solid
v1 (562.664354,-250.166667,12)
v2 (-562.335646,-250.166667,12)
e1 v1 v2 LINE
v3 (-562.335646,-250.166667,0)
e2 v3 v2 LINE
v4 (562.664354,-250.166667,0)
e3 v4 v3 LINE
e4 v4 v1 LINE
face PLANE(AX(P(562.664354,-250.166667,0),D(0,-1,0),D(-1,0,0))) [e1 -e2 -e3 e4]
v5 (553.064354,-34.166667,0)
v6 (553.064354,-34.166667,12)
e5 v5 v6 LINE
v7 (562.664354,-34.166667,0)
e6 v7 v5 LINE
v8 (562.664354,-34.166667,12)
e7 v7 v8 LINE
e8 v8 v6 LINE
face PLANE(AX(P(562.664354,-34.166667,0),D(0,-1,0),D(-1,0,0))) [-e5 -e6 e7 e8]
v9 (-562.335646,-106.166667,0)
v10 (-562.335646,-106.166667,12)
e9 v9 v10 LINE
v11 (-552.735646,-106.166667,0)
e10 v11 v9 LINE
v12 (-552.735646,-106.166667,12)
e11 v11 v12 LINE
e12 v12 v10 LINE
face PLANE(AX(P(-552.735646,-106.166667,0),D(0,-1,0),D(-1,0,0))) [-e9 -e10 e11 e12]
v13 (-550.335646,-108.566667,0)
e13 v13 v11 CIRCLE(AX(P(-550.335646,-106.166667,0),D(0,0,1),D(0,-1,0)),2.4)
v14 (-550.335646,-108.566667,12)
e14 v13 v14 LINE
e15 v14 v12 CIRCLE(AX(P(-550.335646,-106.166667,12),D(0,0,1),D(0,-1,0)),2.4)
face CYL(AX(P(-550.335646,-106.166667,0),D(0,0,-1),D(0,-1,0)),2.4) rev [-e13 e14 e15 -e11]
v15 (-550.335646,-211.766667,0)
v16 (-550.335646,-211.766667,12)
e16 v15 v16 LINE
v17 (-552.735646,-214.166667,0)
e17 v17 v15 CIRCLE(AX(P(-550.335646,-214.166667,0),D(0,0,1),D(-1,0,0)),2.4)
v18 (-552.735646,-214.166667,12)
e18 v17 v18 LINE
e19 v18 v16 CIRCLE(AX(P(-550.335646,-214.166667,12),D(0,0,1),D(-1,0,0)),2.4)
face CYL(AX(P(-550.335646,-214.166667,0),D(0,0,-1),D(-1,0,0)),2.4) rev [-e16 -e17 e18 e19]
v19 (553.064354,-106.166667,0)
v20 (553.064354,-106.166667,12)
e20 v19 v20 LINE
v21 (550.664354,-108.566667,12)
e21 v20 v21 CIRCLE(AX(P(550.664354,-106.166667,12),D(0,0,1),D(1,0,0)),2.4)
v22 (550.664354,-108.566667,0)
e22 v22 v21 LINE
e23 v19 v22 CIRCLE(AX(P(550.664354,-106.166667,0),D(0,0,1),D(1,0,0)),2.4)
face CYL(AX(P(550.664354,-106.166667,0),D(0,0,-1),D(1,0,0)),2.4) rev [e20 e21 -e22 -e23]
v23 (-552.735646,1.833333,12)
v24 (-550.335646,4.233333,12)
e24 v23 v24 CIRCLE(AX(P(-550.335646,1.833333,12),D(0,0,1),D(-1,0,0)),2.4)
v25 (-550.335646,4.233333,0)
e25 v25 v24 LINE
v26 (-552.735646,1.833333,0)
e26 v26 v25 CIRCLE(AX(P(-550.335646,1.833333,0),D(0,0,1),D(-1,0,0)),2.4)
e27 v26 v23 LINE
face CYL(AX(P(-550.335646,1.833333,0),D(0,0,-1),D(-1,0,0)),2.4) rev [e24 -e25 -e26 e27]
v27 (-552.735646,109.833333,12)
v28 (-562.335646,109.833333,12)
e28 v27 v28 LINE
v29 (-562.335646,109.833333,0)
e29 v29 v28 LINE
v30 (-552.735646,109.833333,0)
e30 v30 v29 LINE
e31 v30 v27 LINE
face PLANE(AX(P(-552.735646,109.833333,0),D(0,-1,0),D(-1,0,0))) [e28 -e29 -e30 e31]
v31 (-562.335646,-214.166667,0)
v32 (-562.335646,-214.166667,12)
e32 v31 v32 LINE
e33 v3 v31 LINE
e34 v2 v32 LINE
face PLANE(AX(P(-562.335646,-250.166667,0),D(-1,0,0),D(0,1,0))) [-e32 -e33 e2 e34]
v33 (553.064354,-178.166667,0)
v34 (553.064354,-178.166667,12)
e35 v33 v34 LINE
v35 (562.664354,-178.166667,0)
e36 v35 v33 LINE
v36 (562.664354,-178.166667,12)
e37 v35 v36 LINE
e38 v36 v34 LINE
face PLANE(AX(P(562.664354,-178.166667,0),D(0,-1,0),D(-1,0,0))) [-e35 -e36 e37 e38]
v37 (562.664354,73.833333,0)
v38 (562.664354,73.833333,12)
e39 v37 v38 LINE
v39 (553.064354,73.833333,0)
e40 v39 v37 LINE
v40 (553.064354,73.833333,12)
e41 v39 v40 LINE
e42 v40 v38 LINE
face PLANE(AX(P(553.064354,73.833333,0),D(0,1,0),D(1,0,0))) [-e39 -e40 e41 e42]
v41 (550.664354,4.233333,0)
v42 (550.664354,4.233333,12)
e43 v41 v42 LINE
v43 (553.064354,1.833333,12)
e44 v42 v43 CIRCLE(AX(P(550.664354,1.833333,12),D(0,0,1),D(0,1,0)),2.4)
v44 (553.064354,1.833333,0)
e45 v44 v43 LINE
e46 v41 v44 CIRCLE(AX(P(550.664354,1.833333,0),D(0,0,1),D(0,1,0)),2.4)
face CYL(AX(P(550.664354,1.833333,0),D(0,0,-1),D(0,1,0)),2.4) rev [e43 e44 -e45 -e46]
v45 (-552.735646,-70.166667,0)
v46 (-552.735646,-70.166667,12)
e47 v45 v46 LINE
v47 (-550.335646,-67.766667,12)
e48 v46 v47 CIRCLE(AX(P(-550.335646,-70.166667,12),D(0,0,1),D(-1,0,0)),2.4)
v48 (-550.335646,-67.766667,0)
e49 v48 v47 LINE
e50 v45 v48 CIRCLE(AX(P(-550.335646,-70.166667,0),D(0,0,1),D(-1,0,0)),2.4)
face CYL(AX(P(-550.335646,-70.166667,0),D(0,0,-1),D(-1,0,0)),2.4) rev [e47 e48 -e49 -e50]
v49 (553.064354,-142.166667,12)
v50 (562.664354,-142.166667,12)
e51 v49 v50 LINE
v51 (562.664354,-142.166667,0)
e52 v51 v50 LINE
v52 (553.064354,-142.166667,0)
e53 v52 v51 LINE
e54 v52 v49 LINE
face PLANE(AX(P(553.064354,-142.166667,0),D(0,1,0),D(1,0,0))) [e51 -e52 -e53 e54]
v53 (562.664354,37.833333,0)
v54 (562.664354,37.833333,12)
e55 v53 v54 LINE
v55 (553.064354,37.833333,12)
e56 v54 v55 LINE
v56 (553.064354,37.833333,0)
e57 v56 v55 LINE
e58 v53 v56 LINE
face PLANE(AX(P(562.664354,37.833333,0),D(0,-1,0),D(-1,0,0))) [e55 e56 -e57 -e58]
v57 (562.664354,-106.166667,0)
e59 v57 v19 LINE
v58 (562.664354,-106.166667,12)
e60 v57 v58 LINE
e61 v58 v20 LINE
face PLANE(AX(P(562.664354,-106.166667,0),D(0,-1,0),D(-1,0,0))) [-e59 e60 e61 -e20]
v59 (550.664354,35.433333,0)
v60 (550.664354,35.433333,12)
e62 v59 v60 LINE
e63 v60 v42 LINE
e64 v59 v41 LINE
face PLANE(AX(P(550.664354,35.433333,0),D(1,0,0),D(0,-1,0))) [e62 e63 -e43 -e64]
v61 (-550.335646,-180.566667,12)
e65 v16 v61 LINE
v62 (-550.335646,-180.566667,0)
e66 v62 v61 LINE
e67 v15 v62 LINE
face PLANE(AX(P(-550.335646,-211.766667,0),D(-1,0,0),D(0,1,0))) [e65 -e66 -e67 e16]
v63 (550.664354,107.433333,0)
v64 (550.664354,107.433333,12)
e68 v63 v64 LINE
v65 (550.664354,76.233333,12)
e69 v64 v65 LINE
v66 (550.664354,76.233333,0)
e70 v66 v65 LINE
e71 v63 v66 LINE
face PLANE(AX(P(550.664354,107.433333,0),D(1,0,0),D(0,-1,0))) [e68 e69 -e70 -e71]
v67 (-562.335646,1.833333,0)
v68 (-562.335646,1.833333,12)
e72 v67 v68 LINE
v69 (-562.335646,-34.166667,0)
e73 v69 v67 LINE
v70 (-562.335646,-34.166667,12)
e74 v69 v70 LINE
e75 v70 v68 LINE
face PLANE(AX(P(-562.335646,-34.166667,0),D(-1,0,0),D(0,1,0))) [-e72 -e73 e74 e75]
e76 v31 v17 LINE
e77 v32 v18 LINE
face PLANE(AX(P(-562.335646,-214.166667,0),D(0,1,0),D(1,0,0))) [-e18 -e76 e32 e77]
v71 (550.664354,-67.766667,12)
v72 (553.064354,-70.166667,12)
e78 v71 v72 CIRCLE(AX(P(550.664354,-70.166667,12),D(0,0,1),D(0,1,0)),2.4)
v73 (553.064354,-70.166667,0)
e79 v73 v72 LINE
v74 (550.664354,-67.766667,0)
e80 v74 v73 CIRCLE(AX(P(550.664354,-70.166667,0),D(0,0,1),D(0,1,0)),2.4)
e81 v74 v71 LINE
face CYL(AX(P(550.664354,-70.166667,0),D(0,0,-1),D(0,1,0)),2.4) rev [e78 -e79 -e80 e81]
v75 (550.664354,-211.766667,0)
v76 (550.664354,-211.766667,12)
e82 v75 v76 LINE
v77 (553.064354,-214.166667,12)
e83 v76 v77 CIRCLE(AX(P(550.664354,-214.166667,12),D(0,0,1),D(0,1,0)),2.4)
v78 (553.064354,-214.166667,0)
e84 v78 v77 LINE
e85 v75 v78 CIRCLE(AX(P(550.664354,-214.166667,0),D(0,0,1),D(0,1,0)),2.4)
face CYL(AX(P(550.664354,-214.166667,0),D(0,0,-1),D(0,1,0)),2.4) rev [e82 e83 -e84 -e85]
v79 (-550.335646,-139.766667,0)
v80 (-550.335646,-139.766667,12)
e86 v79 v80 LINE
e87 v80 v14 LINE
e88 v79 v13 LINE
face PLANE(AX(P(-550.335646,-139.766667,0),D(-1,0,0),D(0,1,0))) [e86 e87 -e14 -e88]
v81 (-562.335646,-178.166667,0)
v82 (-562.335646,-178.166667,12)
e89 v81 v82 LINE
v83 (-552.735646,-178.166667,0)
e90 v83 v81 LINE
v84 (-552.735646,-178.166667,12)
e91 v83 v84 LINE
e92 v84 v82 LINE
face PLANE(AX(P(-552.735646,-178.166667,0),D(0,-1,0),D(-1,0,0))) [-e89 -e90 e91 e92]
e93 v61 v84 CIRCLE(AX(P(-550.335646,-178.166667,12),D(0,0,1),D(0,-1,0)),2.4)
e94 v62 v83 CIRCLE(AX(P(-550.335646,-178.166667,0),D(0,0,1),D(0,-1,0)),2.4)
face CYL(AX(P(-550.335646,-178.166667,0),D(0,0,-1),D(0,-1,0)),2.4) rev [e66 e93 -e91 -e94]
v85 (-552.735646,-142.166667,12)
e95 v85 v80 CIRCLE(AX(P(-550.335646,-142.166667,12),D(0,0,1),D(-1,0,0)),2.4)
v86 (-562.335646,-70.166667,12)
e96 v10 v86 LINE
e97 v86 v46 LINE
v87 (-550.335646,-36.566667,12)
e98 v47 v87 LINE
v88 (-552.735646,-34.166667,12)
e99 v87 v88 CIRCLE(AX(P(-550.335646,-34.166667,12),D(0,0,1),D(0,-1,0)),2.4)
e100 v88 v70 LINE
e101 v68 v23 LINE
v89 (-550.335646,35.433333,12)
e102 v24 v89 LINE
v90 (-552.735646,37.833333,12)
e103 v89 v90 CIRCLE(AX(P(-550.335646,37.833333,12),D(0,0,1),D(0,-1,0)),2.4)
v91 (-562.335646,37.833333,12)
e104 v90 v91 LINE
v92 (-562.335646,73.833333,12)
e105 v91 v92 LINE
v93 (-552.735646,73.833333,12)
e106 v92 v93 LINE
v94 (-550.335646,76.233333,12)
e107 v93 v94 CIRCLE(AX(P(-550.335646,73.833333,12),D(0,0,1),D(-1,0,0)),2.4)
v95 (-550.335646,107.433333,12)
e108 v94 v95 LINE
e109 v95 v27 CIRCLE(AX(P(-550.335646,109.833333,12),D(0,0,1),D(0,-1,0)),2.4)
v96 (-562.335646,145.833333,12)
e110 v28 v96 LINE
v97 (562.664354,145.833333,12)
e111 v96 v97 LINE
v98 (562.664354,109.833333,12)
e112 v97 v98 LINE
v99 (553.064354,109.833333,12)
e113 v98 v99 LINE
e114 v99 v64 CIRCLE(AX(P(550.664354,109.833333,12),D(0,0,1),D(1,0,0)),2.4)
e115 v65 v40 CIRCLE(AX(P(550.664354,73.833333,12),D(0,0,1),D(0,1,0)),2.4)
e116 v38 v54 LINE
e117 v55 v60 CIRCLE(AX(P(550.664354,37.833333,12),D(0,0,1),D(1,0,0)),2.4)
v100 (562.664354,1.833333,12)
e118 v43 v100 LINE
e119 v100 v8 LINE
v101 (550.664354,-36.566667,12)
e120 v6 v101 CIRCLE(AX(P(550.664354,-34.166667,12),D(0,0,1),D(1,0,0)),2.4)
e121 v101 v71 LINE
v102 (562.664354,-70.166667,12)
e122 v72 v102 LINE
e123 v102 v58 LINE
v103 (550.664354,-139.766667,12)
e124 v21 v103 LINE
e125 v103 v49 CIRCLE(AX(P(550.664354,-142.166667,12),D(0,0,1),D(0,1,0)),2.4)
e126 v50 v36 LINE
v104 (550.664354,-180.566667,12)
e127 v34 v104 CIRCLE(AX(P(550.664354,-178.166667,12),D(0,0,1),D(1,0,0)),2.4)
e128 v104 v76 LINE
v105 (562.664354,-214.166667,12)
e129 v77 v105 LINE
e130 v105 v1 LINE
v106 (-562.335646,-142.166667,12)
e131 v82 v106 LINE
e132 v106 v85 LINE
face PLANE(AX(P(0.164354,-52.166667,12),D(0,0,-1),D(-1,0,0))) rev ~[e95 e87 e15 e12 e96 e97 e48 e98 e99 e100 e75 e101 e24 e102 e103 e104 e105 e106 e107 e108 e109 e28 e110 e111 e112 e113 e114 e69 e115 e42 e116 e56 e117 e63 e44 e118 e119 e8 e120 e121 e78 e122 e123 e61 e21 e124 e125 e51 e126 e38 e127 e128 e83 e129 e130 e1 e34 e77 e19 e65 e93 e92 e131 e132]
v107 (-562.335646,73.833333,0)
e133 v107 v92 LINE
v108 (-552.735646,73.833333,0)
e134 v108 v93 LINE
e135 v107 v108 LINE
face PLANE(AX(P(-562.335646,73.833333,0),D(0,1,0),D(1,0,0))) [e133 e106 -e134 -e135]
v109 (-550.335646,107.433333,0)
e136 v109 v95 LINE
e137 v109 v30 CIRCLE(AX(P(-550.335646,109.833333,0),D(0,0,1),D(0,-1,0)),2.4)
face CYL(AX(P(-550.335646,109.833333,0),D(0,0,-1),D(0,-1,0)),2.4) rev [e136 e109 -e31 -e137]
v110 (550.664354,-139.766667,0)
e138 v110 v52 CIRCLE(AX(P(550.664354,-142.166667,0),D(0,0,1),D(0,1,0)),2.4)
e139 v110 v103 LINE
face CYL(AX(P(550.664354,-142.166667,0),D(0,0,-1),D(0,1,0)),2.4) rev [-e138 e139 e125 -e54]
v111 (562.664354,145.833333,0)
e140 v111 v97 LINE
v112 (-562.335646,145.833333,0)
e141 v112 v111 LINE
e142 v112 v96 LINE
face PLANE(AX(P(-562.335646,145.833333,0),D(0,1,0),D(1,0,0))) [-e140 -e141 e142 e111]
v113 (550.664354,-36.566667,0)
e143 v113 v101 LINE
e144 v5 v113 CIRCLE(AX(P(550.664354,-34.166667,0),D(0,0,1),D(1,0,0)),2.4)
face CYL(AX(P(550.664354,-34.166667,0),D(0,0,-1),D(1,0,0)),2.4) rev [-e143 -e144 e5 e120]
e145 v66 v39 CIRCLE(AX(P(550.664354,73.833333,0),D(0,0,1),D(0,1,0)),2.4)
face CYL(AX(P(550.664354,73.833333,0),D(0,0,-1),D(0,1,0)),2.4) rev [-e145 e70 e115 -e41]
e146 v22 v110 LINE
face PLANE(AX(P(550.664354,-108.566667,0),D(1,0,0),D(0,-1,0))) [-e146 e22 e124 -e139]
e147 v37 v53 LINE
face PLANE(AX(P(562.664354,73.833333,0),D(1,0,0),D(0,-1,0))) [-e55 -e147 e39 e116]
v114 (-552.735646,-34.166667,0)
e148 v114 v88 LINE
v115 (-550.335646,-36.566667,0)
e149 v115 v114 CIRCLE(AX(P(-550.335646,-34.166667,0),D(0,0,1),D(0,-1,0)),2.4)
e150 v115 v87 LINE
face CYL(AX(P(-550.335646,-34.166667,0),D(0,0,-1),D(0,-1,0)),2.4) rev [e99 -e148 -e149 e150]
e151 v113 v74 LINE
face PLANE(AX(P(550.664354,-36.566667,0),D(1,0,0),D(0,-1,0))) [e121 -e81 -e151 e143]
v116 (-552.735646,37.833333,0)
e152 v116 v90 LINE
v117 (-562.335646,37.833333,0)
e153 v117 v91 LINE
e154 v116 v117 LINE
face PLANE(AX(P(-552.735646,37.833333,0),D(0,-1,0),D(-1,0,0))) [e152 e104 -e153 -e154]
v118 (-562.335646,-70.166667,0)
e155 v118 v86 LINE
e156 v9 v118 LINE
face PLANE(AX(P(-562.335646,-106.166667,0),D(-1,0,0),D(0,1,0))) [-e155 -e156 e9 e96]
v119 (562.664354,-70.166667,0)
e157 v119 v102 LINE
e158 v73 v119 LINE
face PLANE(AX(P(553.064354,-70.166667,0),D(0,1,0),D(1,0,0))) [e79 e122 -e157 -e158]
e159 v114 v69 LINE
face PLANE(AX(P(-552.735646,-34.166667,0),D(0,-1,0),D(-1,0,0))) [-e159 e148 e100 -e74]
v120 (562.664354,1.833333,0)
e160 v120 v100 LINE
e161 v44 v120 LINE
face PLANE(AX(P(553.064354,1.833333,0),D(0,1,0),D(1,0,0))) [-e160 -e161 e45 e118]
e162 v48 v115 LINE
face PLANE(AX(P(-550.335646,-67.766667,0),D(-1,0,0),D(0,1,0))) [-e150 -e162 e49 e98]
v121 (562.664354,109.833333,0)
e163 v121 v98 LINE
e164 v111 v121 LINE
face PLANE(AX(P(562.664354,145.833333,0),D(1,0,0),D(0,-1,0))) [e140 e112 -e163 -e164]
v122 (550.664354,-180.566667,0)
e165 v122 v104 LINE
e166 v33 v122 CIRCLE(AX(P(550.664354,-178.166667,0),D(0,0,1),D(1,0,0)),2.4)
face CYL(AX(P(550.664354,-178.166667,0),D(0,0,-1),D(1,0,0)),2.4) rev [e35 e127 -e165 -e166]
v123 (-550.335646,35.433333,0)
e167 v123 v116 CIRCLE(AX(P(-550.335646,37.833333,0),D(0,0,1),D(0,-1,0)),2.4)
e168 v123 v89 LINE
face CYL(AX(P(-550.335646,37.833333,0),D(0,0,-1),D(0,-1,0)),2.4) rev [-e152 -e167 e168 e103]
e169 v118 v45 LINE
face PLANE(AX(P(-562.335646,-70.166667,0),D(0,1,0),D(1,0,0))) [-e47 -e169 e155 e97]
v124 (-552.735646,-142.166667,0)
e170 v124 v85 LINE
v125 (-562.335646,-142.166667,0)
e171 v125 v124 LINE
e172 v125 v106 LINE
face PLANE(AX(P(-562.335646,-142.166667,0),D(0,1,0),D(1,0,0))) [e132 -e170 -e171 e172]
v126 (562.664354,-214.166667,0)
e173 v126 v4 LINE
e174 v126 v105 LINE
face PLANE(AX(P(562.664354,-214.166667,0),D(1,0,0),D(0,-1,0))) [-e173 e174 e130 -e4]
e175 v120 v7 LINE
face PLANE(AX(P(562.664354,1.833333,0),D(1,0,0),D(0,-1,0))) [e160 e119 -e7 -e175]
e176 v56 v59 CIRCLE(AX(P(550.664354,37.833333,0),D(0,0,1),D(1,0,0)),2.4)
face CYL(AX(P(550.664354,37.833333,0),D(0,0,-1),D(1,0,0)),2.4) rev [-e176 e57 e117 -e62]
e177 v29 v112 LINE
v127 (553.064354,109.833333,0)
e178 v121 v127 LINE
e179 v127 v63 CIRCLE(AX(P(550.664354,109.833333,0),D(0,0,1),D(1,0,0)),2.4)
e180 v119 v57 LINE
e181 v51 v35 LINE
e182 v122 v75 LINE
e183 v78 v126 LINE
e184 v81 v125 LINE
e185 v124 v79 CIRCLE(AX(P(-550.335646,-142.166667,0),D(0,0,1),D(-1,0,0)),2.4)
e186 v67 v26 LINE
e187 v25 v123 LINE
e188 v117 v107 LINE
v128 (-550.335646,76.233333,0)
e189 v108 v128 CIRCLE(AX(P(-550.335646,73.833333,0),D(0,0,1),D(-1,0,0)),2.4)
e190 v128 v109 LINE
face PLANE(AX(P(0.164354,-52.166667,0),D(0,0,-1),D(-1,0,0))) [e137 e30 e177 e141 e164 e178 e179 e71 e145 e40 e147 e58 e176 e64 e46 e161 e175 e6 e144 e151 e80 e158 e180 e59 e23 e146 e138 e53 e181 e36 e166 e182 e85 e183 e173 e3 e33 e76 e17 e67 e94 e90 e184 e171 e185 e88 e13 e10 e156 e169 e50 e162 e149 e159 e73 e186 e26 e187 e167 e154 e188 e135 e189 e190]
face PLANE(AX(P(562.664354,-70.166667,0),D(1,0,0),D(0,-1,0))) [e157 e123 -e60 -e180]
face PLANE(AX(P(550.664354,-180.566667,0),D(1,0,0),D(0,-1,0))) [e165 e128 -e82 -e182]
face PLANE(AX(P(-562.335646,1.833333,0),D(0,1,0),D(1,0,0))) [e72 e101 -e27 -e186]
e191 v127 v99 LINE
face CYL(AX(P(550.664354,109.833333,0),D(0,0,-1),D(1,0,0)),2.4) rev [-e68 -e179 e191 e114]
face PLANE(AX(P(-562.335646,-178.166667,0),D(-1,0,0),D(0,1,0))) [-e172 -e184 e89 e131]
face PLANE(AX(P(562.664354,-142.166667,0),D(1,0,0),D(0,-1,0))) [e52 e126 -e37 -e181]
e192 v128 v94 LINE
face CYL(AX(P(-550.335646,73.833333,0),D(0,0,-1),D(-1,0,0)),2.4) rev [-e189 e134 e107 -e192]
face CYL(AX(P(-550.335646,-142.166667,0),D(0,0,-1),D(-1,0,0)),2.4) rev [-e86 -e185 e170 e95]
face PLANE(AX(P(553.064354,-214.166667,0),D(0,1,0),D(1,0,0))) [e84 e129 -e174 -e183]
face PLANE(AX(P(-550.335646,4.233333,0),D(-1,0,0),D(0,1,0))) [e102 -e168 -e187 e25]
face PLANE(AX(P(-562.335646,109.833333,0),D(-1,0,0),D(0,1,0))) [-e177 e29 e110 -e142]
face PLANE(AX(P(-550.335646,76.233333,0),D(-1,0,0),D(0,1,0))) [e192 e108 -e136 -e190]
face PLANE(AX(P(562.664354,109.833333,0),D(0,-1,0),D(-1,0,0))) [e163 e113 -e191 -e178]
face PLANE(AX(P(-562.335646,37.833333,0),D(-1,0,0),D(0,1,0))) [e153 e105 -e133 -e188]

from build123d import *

# Parameters (mm, degrees)
BOSS_EXTRUDE1_DEPTH = 12


with BuildPart() as part:
    # Sketch1 → Boss-Extrude1 (new body)
    with BuildSketch(Plane.XY):
        with BuildLine():
            Line((562.664353911, 109.833333333), (553.064353911, 109.833333333))
            ThreePointArc((553.064353911, 109.833333333), (548.967297637, 111.530389608), (550.664353911, 107.433333333))
            Line((550.664353911, 107.433333333), (550.664353911, 76.233333333))
            ThreePointArc((550.664353911, 76.233333333), (548.967297637, 72.136277058), (553.064353911, 73.833333333))
            Line((553.064353911, 73.833333333), (562.664353911, 73.833333333))
            Line((562.664353911, 73.833333333), (562.664353911, 37.833333333))
            Line((562.664353911, 37.833333333), (553.064353911, 37.833333333))
            ThreePointArc((553.064353911, 37.833333333), (548.967297637, 39.530389608), (550.664353911, 35.433333333))
            Line((550.664353911, 35.433333333), (550.664353911, 4.233333333))
            ThreePointArc((550.664353911, 4.233333333), (548.967297637, 0.136277058), (553.064353911, 1.833333333))
            Line((553.064353911, 1.833333333), (562.664353911, 1.833333333))
            Line((562.664353911, 1.833333333), (562.664353911, -34.166666667))
            Line((562.664353911, -34.166666667), (553.064353911, -34.166666667))
            ThreePointArc((553.064353911, -34.166666667), (548.967297637, -32.469610392), (550.664353911, -36.566666667))
            Line((550.664353911, -36.566666667), (550.664353911, -67.766666667))
            ThreePointArc((550.664353911, -67.766666667), (548.967297637, -71.863722942), (553.064353911, -70.166666667))
            Line((553.064353911, -70.166666667), (562.664353911, -70.166666667))
            Line((562.664353911, -70.166666667), (562.664353911, -106.166666667))
            Line((562.664353911, -106.166666667), (553.064353911, -106.166666667))
            ThreePointArc((553.064353911, -106.166666667), (548.967297637, -104.469610392), (550.664353911, -108.566666667))
            Line((550.664353911, -108.566666667), (550.664353911, -139.766666667))
            ThreePointArc((550.664353911, -139.766666667), (548.967297637, -143.863722942), (553.064353911, -142.166666667))
            Line((553.064353911, -142.166666667), (562.664353911, -142.166666667))
            Line((562.664353911, -142.166666667), (562.664353911, -178.166666667))
            Line((562.664353911, -178.166666667), (553.064353911, -178.166666667))
            ThreePointArc((553.064353911, -178.166666667), (548.967297637, -176.469610392), (550.664353911, -180.566666667))
            Line((550.664353911, -180.566666667), (550.664353911, -211.766666667))
            ThreePointArc((550.664353911, -211.766666667), (548.967297637, -215.863722942), (553.064353911, -214.166666667))
            Line((553.064353911, -214.166666667), (562.664353911, -214.166666667))
            Line((562.664353911, -214.166666667), (562.664353911, -250.166666667))
            Line((562.664353911, -250.166666667), (-562.335646089, -250.166666667))
            Line((-562.335646089, -250.166666667), (-562.335646089, -214.166666667))
            Line((-562.335646089, -214.166666667), (-552.735646089, -214.166666667))
            ThreePointArc((-552.735646089, -214.166666667), (-548.638589814, -215.863722942), (-550.335646089, -211.766666667))
            Line((-550.335646089, -211.766666667), (-550.335646089, -180.566666667))
            ThreePointArc((-550.335646089, -180.566666667), (-548.638589814, -176.469610392), (-552.735646089, -178.166666667))
            Line((-552.735646089, -178.166666667), (-562.335646089, -178.166666667))
            Line((-562.335646089, -178.166666667), (-562.335646089, -142.166666667))
            Line((-562.335646089, -142.166666667), (-552.735646089, -142.166666667))
            ThreePointArc((-552.735646089, -142.166666667), (-548.638589814, -143.863722942), (-550.335646089, -139.766666667))
            Line((-550.335646089, -139.766666667), (-550.335646089, -108.566666667))
            ThreePointArc((-550.335646089, -108.566666667), (-548.638589814, -104.469610392), (-552.735646089, -106.166666667))
            Line((-552.735646089, -106.166666667), (-562.335646089, -106.166666667))
            Line((-562.335646089, -106.166666667), (-562.335646089, -70.166666667))
            Line((-562.335646089, -70.166666667), (-552.735646089, -70.166666667))
            ThreePointArc((-552.735646089, -70.166666667), (-548.638589814, -71.863722942), (-550.335646089, -67.766666667))
            Line((-550.335646089, -67.766666667), (-550.335646089, -36.566666667))
            ThreePointArc((-550.335646089, -36.566666667), (-548.638589814, -32.469610392), (-552.735646089, -34.166666667))
            Line((-552.735646089, -34.166666667), (-562.335646089, -34.166666667))
            Line((-562.335646089, -34.166666667), (-562.335646089, 1.833333333))
            Line((-562.335646089, 1.833333333), (-552.735646089, 1.833333333))
            ThreePointArc((-552.735646089, 1.833333333), (-548.638589814, 0.136277058), (-550.335646089, 4.233333333))
            Line((-550.335646089, 4.233333333), (-550.335646089, 35.433333333))
            ThreePointArc((-550.335646089, 35.433333333), (-548.638589814, 39.530389608), (-552.735646089, 37.833333333))
            Line((-552.735646089, 37.833333333), (-562.335646089, 37.833333333))
            Line((-562.335646089, 37.833333333), (-562.335646089, 73.833333333))
            Line((-562.335646089, 73.833333333), (-552.735646089, 73.833333333))
            ThreePointArc((-552.735646089, 73.833333333), (-548.638589814, 72.136277058), (-550.335646089, 76.233333333))
            Line((-550.335646089, 76.233333333), (-550.335646089, 107.433333333))
            ThreePointArc((-550.335646089, 107.433333333), (-548.638589814, 111.530389608), (-552.735646089, 109.833333333))
            Line((-552.735646089, 109.833333333), (-562.335646089, 109.833333333))
            Line((-562.335646089, 109.833333333), (-562.335646089, 145.833333333))
            Line((-562.335646089, 145.833333333), (562.664353911, 145.833333333))
            Line((562.664353911, 145.833333333), (562.664353911, 109.833333333))
        make_face()
    extrude(amount=BOSS_EXTRUDE1_DEPTH)


solid = part.part
